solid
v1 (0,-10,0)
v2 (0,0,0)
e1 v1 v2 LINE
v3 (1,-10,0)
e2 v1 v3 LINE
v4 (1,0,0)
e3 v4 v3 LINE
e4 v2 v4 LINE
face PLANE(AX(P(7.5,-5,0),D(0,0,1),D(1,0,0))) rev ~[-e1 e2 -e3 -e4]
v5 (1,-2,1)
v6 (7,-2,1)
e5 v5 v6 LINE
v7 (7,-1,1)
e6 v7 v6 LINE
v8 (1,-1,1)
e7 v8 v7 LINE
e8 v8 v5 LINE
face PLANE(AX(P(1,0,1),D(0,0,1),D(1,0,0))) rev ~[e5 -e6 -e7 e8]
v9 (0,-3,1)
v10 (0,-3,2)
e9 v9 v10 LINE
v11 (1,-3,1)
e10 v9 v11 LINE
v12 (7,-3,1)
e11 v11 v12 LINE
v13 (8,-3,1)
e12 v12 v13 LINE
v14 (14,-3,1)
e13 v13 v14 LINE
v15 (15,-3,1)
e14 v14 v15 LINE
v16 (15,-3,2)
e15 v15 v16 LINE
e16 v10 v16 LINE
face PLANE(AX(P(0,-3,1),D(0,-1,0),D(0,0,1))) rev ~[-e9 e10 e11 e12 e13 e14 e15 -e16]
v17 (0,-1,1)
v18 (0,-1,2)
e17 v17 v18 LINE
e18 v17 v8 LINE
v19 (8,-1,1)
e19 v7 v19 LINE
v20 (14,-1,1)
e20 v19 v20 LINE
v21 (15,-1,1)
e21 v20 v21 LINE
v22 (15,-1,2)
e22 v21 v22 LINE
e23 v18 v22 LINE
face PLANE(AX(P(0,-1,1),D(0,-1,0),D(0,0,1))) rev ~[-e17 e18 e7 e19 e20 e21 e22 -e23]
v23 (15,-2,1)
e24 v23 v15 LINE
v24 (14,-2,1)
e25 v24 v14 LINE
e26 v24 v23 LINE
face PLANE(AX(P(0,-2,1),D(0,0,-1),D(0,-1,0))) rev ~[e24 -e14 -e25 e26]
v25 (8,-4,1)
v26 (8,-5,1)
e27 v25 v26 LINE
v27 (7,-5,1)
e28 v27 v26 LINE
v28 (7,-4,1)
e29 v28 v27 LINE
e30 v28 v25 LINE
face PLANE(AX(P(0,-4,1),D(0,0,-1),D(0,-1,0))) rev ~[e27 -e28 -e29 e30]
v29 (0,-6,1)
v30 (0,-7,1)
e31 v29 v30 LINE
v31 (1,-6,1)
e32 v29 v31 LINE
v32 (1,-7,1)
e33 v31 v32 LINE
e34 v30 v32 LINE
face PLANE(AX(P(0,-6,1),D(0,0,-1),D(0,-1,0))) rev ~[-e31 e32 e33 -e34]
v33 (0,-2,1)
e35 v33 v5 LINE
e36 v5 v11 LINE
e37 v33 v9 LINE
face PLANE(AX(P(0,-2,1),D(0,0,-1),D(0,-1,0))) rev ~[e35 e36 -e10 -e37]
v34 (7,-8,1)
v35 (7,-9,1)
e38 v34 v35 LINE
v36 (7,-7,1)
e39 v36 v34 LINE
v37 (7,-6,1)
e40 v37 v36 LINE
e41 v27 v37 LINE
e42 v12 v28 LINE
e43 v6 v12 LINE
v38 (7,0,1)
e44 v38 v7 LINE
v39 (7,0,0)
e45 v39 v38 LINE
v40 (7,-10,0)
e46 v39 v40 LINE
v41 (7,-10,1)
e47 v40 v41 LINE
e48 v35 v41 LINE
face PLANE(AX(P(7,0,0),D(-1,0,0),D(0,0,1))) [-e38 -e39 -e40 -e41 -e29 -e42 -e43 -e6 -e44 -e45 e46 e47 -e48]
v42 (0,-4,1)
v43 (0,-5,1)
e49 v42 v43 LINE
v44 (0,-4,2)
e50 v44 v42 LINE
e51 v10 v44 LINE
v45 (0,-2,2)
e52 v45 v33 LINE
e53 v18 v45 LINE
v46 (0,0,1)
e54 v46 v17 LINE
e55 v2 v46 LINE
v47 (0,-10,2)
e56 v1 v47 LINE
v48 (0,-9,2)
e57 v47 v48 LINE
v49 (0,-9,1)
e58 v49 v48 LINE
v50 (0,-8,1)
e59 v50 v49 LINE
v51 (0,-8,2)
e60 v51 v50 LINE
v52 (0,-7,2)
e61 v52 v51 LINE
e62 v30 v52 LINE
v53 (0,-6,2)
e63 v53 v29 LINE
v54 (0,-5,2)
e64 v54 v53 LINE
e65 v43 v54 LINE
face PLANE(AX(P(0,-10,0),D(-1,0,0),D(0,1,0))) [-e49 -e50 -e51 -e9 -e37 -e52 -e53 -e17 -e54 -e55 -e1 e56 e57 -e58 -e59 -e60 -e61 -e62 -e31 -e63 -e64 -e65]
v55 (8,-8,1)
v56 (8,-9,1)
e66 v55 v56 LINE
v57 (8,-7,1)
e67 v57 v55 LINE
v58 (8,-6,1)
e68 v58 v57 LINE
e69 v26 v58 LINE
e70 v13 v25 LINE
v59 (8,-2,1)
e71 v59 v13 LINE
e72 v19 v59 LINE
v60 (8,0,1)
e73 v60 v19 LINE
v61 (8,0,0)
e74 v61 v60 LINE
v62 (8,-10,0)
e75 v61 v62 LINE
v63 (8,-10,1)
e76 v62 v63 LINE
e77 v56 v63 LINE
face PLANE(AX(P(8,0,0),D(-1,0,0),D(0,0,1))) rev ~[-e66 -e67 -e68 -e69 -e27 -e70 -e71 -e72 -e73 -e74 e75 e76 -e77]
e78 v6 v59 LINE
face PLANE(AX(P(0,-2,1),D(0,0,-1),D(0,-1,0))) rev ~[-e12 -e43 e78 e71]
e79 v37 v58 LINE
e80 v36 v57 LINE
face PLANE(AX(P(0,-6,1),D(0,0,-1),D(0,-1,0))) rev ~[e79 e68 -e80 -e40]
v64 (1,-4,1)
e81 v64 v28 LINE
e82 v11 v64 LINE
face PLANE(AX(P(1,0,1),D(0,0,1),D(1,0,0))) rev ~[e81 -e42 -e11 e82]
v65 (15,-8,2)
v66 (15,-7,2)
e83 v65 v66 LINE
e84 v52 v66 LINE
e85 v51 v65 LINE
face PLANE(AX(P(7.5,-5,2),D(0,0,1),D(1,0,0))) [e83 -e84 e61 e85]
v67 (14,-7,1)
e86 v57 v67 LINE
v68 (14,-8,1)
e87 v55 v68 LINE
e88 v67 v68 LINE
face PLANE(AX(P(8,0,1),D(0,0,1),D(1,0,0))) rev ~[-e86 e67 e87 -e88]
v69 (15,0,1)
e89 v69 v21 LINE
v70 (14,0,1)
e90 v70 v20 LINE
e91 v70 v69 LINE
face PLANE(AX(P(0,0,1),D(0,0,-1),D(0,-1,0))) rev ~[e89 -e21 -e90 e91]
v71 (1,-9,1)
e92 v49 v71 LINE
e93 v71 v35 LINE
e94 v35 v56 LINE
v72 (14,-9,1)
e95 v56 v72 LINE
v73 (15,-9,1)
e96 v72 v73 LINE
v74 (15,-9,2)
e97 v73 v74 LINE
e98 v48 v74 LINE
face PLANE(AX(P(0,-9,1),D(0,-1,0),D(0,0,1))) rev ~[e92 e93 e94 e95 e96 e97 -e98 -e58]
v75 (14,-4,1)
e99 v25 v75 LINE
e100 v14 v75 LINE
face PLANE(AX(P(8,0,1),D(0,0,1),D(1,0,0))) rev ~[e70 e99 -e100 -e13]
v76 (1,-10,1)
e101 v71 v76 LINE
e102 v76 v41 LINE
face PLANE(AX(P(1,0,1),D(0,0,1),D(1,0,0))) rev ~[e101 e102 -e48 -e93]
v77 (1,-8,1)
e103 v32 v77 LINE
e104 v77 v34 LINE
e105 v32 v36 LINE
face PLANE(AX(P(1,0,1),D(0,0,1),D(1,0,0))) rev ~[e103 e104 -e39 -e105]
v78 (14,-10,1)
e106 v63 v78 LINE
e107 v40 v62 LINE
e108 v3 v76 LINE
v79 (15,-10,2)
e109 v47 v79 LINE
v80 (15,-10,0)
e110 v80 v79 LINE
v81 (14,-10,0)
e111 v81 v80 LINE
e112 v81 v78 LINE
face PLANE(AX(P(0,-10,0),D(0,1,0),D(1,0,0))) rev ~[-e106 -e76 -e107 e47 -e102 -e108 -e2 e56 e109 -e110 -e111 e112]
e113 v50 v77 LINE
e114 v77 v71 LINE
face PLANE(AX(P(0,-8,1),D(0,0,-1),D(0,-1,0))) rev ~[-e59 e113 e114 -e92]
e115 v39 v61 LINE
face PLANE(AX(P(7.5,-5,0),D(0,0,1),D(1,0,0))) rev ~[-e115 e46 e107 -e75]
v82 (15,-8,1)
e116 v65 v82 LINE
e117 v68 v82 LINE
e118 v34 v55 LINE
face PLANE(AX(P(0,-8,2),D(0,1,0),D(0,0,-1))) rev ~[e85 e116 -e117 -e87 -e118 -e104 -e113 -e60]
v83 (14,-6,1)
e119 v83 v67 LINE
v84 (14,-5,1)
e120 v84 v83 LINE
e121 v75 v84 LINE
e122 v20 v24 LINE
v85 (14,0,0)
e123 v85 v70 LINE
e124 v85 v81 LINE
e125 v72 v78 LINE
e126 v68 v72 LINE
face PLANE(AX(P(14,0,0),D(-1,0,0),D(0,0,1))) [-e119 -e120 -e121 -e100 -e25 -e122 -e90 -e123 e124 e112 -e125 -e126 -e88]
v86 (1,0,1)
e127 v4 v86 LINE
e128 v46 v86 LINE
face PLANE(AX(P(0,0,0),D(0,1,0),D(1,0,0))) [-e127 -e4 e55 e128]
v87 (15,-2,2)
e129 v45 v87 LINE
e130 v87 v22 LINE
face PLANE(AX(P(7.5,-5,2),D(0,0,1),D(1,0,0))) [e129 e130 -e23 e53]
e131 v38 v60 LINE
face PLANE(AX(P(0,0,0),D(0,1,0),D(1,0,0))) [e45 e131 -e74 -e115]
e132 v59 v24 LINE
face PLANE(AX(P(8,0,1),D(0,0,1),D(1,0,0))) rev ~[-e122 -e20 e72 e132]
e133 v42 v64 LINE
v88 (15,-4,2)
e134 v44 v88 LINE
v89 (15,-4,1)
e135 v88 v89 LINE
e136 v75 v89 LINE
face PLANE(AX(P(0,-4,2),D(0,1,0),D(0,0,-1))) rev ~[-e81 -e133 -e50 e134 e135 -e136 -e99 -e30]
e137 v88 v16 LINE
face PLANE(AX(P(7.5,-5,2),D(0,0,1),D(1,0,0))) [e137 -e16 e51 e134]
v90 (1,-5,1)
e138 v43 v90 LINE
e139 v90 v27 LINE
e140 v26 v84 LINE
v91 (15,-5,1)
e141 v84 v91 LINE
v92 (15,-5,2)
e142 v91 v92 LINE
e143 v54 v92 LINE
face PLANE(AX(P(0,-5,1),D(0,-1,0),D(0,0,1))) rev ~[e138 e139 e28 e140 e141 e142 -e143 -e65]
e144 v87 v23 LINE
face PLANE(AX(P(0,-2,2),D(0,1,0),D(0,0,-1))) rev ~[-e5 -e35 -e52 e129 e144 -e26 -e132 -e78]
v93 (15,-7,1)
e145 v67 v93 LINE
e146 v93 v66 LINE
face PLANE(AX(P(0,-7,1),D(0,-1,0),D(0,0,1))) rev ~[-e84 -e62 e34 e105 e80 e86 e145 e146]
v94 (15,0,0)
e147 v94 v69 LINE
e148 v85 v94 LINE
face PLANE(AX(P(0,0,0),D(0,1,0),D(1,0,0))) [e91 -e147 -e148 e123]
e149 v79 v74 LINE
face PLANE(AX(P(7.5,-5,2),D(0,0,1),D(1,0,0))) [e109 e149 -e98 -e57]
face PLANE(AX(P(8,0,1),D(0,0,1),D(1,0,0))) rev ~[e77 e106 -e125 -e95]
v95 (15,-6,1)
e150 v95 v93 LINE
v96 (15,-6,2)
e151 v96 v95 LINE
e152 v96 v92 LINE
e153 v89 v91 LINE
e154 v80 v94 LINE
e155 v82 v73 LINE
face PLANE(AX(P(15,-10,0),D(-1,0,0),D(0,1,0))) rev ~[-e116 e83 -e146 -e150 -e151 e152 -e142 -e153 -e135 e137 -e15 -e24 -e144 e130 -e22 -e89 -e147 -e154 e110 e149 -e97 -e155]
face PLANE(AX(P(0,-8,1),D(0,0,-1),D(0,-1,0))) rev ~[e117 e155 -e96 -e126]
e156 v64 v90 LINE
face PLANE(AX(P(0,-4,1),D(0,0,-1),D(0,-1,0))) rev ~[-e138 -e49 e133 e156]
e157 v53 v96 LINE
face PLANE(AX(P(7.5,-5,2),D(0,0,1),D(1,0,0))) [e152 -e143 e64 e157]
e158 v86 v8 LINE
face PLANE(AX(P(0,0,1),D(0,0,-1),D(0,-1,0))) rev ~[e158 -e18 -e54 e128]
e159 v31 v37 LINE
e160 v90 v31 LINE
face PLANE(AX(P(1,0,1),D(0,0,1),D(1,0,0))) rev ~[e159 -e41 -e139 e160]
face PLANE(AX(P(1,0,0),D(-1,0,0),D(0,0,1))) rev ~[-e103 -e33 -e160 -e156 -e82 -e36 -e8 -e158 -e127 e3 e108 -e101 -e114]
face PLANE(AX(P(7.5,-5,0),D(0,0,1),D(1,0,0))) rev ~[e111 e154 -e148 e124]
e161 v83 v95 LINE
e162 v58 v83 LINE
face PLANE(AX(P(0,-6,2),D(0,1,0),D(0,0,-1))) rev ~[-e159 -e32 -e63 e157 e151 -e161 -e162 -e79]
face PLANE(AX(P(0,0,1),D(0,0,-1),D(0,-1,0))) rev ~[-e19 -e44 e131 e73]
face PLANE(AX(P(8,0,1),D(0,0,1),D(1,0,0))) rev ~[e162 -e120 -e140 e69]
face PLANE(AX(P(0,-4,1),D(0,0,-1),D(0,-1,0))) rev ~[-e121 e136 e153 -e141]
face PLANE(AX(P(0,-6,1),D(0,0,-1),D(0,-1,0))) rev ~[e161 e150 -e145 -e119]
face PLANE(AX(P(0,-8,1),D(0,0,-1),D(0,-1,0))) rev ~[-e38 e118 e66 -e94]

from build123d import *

# Parameters (mm, degrees)
F0_W     = 15
F0_H     = 10
F1_DEPTH = 2
F2_W     = 6
F2_H     = 1
F3_DEPTH = 25
F5_DEPTH = 25


with BuildPart() as f1:
    # F0 (on Top) → F1 (new body)
    with BuildSketch(Plane.XY):
        with Locations((7.5, -5)):
            Rectangle(F0_W, F0_H)
    extrude(amount=F1_DEPTH)

    # F2 (on Front) → F3 (cut)
    with BuildSketch(Plane.XZ):
        with Locations((4, 0.5)):
            Rectangle(F2_W, F2_H)
        with Locations((11, 0.5)):
            Rectangle(F2_W, F2_H)
    extrude(amount=F3_DEPTH, mode=Mode.SUBTRACT)

    # F4 (on face) → F5 (cut)
    with BuildSketch(Plane(origin=(0, 0, 0), x_dir=(0, -1, 0), z_dir=(-1, 0, 0))):
        Polygon((0, 3.5), (0, 2.235531), (0, 1), (1, 1), (1, 2), (2, 2), (2, 1), (3, 1), (3, 2), (4, 2), (4, 1), (5, 1), (5, 2), (6, 2), (6, 1), (7, 1), (7, 2), (8, 2), (8, 1), (9, 1), (9, 2), (10, 2), (10, 1), (10.680856, 1), (10.680856, 3.5), align=None)
    extrude(amount=-F5_DEPTH, mode=Mode.SUBTRACT)


solid = f1.part
